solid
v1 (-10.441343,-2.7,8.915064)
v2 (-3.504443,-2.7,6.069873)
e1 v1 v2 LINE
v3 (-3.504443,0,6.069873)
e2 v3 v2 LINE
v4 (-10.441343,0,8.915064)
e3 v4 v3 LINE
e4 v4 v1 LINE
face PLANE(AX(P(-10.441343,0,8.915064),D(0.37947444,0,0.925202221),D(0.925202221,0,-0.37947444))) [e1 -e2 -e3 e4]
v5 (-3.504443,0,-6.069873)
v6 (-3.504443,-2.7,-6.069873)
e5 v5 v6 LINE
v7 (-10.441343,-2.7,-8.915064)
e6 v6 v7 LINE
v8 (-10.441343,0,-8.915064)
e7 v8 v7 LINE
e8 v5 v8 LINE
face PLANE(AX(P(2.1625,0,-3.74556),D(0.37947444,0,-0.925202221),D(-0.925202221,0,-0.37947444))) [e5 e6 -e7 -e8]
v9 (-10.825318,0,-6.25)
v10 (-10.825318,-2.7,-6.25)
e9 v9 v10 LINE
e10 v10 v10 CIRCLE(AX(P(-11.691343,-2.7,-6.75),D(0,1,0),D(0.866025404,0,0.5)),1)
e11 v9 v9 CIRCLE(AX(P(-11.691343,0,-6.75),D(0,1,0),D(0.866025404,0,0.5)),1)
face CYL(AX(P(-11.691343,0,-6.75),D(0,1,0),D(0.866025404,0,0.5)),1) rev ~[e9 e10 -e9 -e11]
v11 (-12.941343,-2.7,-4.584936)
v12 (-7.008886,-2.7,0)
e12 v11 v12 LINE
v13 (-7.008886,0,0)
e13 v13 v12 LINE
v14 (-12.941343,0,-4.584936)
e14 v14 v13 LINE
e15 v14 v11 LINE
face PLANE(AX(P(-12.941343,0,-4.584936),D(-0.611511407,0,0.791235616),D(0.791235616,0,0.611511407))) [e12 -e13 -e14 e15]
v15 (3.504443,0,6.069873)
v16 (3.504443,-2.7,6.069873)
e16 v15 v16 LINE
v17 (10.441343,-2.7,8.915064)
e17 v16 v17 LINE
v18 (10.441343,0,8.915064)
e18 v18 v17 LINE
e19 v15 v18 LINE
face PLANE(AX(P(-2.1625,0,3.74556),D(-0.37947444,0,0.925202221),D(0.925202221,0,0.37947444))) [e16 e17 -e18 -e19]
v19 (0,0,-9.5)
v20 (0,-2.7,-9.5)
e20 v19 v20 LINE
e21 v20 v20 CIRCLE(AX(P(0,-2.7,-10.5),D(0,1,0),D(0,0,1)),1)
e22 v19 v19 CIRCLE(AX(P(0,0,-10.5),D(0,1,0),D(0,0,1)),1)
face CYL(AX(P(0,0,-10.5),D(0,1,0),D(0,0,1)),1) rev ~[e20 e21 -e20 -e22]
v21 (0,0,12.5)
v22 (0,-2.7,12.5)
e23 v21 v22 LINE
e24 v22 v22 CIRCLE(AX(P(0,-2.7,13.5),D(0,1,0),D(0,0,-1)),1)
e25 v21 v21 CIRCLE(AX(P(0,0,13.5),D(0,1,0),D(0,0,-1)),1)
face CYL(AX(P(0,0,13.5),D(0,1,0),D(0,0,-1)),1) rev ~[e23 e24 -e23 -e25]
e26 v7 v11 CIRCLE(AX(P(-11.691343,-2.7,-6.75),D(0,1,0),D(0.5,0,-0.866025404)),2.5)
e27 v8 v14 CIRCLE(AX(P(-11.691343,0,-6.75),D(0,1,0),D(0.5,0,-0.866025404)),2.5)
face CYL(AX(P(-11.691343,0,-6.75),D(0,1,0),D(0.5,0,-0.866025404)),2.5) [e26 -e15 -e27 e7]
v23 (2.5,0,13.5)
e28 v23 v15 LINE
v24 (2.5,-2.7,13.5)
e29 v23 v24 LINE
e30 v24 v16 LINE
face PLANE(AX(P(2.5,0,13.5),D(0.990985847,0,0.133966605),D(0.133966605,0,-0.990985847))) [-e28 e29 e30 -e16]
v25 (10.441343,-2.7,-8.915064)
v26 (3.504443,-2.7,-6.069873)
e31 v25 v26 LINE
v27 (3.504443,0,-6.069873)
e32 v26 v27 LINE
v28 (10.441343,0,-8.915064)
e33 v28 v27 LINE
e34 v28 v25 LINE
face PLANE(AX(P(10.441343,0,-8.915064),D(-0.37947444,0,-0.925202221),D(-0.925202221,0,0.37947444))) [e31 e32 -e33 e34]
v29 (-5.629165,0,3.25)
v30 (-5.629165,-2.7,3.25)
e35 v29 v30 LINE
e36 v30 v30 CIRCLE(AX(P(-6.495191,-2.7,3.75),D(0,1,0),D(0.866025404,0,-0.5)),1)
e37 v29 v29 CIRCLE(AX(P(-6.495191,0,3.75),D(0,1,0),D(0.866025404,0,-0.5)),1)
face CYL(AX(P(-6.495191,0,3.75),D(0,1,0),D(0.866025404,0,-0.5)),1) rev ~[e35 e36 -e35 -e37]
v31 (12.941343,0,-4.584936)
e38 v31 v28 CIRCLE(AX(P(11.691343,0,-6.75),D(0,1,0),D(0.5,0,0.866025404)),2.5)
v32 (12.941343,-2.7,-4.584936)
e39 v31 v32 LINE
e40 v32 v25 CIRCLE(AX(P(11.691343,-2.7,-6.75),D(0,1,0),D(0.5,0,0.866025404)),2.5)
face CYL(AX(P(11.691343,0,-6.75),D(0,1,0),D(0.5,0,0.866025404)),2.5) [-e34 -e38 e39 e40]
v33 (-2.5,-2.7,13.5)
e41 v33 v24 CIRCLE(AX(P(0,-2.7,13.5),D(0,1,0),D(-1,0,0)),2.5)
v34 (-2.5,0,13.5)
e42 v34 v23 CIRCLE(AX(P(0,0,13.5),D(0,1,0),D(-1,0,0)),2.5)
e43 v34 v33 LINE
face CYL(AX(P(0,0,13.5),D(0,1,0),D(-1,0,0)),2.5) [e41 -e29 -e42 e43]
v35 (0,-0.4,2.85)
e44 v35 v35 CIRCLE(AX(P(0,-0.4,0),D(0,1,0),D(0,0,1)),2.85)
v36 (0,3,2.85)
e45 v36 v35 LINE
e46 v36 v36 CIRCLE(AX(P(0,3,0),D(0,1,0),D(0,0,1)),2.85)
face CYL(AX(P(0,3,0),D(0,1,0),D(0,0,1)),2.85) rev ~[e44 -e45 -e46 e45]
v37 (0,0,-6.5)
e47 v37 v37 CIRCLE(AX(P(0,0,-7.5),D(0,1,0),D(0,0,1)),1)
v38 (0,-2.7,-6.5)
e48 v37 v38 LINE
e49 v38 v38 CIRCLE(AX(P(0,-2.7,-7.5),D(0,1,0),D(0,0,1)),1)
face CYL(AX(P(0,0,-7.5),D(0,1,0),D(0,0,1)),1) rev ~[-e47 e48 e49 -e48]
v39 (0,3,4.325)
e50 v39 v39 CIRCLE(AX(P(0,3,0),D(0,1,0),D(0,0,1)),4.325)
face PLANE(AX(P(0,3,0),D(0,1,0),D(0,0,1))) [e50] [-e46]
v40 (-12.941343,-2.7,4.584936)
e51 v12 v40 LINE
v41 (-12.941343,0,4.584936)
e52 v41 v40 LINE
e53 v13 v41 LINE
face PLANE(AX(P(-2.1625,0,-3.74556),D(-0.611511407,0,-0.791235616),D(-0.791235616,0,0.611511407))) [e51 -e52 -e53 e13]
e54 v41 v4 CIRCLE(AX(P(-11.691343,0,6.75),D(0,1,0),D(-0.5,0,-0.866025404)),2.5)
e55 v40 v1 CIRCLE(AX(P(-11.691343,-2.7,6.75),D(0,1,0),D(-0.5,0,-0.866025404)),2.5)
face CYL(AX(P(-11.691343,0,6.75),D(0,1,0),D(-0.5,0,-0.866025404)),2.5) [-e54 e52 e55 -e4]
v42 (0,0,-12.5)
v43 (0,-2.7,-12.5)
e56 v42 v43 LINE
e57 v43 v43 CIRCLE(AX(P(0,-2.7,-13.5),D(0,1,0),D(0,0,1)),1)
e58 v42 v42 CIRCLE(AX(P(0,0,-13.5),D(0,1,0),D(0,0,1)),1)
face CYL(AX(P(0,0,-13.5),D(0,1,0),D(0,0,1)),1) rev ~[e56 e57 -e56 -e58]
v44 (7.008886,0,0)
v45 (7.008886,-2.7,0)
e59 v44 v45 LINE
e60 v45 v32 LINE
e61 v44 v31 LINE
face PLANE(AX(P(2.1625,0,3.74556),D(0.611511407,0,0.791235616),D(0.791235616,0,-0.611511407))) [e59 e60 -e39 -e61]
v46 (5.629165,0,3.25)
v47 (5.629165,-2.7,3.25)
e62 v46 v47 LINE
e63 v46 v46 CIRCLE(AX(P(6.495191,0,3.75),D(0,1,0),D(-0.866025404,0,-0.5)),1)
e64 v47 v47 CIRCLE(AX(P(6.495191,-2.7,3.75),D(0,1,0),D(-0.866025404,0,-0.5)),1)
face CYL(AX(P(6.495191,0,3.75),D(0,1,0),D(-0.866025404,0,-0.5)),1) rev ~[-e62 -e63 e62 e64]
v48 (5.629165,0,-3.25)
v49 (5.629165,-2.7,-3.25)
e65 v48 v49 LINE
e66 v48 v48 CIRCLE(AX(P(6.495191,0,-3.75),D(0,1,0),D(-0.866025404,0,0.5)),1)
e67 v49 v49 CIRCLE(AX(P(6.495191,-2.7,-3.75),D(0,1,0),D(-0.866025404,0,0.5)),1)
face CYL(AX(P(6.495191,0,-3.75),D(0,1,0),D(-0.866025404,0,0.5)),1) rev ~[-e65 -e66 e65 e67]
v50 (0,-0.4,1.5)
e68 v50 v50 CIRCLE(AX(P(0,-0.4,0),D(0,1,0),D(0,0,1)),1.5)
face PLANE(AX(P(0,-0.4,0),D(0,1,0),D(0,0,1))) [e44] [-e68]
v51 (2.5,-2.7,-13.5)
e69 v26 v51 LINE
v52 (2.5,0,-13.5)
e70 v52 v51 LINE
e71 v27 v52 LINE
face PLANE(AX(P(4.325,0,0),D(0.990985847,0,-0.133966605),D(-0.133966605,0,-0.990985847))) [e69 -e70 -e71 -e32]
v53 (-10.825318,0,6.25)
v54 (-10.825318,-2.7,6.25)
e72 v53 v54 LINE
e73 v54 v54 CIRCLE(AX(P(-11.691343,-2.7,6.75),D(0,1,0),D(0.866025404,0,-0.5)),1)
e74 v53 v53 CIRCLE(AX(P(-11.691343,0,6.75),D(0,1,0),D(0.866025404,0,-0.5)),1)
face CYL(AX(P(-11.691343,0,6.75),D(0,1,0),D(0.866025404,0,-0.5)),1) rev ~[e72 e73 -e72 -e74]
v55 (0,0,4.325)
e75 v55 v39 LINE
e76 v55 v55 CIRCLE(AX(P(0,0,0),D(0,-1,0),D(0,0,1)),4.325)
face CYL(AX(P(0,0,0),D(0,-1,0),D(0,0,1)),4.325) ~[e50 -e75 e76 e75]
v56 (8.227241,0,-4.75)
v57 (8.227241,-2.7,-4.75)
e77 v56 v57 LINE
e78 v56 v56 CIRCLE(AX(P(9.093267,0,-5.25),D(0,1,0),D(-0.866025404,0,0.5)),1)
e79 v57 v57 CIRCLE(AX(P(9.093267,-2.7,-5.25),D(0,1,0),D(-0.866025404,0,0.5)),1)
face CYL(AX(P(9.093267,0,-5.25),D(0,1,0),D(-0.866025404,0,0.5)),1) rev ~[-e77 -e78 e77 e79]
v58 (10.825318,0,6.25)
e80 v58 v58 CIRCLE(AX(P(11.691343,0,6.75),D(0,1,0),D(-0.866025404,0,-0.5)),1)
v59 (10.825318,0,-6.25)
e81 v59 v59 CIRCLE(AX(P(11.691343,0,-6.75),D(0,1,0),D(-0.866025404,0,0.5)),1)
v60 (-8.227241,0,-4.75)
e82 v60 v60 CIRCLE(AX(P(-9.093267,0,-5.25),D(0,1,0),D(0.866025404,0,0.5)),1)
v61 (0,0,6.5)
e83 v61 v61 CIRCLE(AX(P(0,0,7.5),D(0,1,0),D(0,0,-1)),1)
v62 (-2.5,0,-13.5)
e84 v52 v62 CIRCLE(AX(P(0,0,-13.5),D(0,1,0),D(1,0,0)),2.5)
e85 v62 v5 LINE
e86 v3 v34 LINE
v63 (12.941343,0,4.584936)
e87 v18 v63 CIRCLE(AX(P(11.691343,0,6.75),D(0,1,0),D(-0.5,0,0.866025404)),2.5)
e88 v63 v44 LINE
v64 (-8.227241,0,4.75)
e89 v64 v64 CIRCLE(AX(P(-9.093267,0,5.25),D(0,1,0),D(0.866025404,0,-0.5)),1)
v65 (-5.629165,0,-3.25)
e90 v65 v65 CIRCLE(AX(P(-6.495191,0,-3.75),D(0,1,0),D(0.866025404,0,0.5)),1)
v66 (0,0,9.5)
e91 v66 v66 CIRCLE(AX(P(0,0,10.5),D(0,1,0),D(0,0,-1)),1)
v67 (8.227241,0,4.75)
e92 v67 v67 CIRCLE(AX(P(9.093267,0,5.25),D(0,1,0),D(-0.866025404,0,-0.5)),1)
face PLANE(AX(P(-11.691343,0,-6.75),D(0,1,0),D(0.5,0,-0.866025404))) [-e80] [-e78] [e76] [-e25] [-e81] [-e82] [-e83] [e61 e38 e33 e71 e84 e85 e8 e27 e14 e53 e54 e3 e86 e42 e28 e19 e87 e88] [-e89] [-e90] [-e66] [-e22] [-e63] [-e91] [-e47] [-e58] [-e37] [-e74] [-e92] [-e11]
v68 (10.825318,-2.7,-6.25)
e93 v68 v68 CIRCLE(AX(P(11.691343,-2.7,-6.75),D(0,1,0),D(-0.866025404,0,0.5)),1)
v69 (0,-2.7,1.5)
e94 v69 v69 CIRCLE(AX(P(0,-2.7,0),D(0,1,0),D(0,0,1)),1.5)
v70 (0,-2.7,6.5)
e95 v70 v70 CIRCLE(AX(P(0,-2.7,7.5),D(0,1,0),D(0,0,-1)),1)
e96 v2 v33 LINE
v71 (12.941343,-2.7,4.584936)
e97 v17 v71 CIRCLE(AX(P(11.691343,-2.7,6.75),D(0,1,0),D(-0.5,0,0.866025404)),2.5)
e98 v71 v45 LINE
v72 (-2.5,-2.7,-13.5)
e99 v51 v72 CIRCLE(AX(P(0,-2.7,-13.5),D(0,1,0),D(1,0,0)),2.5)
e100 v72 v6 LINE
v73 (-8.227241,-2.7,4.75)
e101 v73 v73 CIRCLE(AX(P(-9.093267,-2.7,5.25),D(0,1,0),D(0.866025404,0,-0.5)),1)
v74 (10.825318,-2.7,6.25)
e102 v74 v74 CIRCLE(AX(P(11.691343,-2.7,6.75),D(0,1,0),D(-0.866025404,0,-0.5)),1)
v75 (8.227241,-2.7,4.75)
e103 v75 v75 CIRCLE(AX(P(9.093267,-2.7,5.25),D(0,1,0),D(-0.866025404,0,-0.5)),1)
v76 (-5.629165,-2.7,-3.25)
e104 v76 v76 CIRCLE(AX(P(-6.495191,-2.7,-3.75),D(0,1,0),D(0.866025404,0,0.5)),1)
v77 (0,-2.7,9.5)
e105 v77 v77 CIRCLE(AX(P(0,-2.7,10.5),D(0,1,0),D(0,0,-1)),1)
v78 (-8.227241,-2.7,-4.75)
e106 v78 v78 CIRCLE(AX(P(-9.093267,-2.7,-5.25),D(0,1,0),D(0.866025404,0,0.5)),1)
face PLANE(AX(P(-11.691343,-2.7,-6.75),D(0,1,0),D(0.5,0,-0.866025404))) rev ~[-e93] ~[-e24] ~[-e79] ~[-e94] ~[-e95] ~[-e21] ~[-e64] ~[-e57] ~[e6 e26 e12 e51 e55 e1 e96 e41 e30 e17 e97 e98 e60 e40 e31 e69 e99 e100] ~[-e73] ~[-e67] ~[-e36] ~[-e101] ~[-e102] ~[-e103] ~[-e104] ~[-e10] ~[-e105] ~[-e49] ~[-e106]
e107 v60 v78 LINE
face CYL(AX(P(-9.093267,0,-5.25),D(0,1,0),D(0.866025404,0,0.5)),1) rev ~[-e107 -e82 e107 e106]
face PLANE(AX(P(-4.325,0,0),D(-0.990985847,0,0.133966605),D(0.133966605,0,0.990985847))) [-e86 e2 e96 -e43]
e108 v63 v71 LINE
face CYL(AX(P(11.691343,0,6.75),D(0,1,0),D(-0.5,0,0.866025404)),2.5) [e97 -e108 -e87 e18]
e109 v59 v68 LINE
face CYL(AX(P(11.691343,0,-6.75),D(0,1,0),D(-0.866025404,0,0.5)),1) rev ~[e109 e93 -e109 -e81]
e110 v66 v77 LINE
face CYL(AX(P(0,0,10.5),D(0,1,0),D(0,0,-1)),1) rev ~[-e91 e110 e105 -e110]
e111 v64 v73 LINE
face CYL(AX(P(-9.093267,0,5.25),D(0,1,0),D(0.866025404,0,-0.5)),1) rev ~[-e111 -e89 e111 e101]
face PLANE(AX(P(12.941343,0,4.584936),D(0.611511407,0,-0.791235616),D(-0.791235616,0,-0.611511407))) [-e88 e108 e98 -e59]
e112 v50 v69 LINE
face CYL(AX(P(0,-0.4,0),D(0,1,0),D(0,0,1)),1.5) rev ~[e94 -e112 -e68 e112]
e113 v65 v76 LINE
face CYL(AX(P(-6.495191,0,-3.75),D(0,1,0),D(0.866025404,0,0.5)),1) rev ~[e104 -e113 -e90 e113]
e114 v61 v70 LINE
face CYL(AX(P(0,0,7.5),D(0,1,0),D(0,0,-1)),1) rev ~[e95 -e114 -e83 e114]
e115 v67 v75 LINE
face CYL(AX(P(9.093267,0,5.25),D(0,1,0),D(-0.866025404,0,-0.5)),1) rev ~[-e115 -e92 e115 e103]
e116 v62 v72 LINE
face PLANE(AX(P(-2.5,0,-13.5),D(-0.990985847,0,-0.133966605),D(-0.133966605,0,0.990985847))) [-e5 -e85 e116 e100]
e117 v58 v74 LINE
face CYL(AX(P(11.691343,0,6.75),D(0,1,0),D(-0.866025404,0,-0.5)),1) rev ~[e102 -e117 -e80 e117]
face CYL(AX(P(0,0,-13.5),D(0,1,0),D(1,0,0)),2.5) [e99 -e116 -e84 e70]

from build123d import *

# Parameters (mm, degrees)
SKETCH1_R                    = 4.325
BOSS_EXTRUDE1_DEPTH          = 3
SKETCH2_R                    = 2.5
BOSS_EXTRUDE2_DEPTH          = 2.7
SKETCH3_R                    = 1
CUT_EXTRUDE1_DEPTH           = 2.7
LPATTERN1_COUNT              = 3
LPATTERN1_PITCH              = 3
CIRPATTERN1_COUNT            = 6
CIRPATTERN1_COPY_1_SKETCH_R  = 1
CIRPATTERN1_COPY_1_DEPTH     = 2.7
CIRPATTERN1_COPY_2_SKETCH_R  = 1
CIRPATTERN1_COPY_2_DEPTH     = 2.7
CIRPATTERN1_COPY_3_SKETCH_R  = 1
CIRPATTERN1_COPY_3_DEPTH     = 2.7
CIRPATTERN1_COPY_4_SKETCH_R  = 1
CIRPATTERN1_COPY_4_DEPTH     = 2.7
CIRPATTERN1_COPY_5_SKETCH_R  = 1
CIRPATTERN1_COPY_5_DEPTH     = 2.7
CIRPATTERN1_COPY_6_SKETCH_R  = 1
CIRPATTERN1_COPY_6_DEPTH     = 2.7
CIRPATTERN1_COPY_7_SKETCH_R  = 1
CIRPATTERN1_COPY_7_DEPTH     = 2.7
CIRPATTERN1_COPY_8_SKETCH_R  = 1
CIRPATTERN1_COPY_8_DEPTH     = 2.7
CIRPATTERN1_COPY_9_SKETCH_R  = 1
CIRPATTERN1_COPY_9_DEPTH     = 2.7
CIRPATTERN1_COPY_10_SKETCH_R = 1
CIRPATTERN1_COPY_10_DEPTH    = 2.7
SKETCH6_R                    = 2.85
CUT_EXTRUDE2_DEPTH           = 3.4
CUT_EXTRUDE3_REACH           = 23.655
SKETCH7_R                    = 1.5


with BuildPart() as part:
    # Sketch1 → Boss-Extrude1 (new body)
    with BuildSketch(Plane(origin=(0, 0, 0), x_dir=(1, 0, 0), z_dir=(0, 1, 0))):
        with Locations(Location((0, 0, 0), (0, 0, 270))):
            Circle(SKETCH1_R)
    extrude(amount=BOSS_EXTRUDE1_DEPTH)

    # Sketch2 → Boss-Extrude2 (add)
    with BuildSketch(Plane(origin=(0, 0, 0), x_dir=(1, 0, 0), z_dir=(0, 1, 0))):
        with Locations((0, 13.5)):
            Circle(SKETCH2_R)
        Polygon((-4.325, 0), (4.325, 0), (2.5, 13.5), (-2.5, 13.5), align=None)
    boss_extrude2 = extrude(amount=-BOSS_EXTRUDE2_DEPTH)

    # Sketch3 → Cut-Extrude1 (cut)
    with BuildSketch(Plane(origin=(0, 0, 0), x_dir=(1, 0, 0), z_dir=(0, 1, 0))):
        with Locations(Location((0, 13.5, 0), (0, 0, 270))):
            Circle(SKETCH3_R)
    cut_extrude1 = extrude(amount=-CUT_EXTRUDE1_DEPTH, mode=Mode.SUBTRACT)

    # LPattern1: Cut-Extrude1 ×3
    with Locations(*[(0, 0, i * LPATTERN1_PITCH) for i in range(1, LPATTERN1_COUNT)]):
        add(cut_extrude1, mode=Mode.SUBTRACT)

    # CirPattern1: Boss-Extrude2, Cut-Extrude1 ×6 about axis
    cirpattern1_axis = Axis((0, 0, 0), (0, 1, 0))
    add([boss_extrude2.rotate(cirpattern1_axis, i * 360 / CIRPATTERN1_COUNT) for i in range(1, CIRPATTERN1_COUNT)])
    add([cut_extrude1.rotate(cirpattern1_axis, i * 360 / CIRPATTERN1_COUNT) for i in range(1, CIRPATTERN1_COUNT)], mode=Mode.SUBTRACT)

    # CirPattern1 copy 1 sketch → CirPattern1 copy 1 (cut)
    with BuildSketch(Plane(origin=(2.598076211, 0, 1.5), x_dir=(0.5000000000000001, 0, -0.8660254037844386), z_dir=(0, 1, 0))):
        with Locations(Location((0, 13.5, 0), (0, 0, 270))):
            Circle(CIRPATTERN1_COPY_1_SKETCH_R)
    extrude(amount=-CIRPATTERN1_COPY_1_DEPTH, mode=Mode.SUBTRACT)

    # CirPattern1 copy 2 sketch → CirPattern1 copy 2 (cut)
    with BuildSketch(Plane(origin=(2.598076211, 0, -1.5), x_dir=(-0.4999999999999998, 0, -0.8660254037844387), z_dir=(0, 1, 0))):
        with Locations(Location((0, 13.5, 0), (0, 0, 270))):
            Circle(CIRPATTERN1_COPY_2_SKETCH_R)
    extrude(amount=-CIRPATTERN1_COPY_2_DEPTH, mode=Mode.SUBTRACT)

    # CirPattern1 copy 3 sketch → CirPattern1 copy 3 (cut)
    with BuildSketch(Plane(origin=(0, 0, -3), x_dir=(-1, 0, 0), z_dir=(0, 1, 0))):
        with Locations(Location((0, 13.5, 0), (0, 0, 270))):
            Circle(CIRPATTERN1_COPY_3_SKETCH_R)
    extrude(amount=-CIRPATTERN1_COPY_3_DEPTH, mode=Mode.SUBTRACT)

    # CirPattern1 copy 4 sketch → CirPattern1 copy 4 (cut)
    with BuildSketch(Plane(origin=(-2.598076211, 0, -1.5), x_dir=(-0.5000000000000004, 0, 0.8660254037844384), z_dir=(0, 1, 0))):
        with Locations(Location((0, 13.5, 0), (0, 0, 270))):
            Circle(CIRPATTERN1_COPY_4_SKETCH_R)
    extrude(amount=-CIRPATTERN1_COPY_4_DEPTH, mode=Mode.SUBTRACT)

    # CirPattern1 copy 5 sketch → CirPattern1 copy 5 (cut)
    with BuildSketch(Plane(origin=(-2.598076211, 0, 1.5), x_dir=(0.5000000000000001, 0, 0.8660254037844386), z_dir=(0, 1, 0))):
        with Locations(Location((0, 13.5, 0), (0, 0, 270))):
            Circle(CIRPATTERN1_COPY_5_SKETCH_R)
    extrude(amount=-CIRPATTERN1_COPY_5_DEPTH, mode=Mode.SUBTRACT)

    # CirPattern1 copy 6 sketch → CirPattern1 copy 6 (cut)
    with BuildSketch(Plane(origin=(5.196152423, 0, 3), x_dir=(0.5000000000000001, 0, -0.8660254037844386), z_dir=(0, 1, 0))):
        with Locations(Location((0, 13.5, 0), (0, 0, 270))):
            Circle(CIRPATTERN1_COPY_6_SKETCH_R)
    extrude(amount=-CIRPATTERN1_COPY_6_DEPTH, mode=Mode.SUBTRACT)

    # CirPattern1 copy 7 sketch → CirPattern1 copy 7 (cut)
    with BuildSketch(Plane(origin=(5.196152423, 0, -3), x_dir=(-0.4999999999999998, 0, -0.8660254037844387), z_dir=(0, 1, 0))):
        with Locations(Location((0, 13.5, 0), (0, 0, 270))):
            Circle(CIRPATTERN1_COPY_7_SKETCH_R)
    extrude(amount=-CIRPATTERN1_COPY_7_DEPTH, mode=Mode.SUBTRACT)

    # CirPattern1 copy 8 sketch → CirPattern1 copy 8 (cut)
    with BuildSketch(Plane(origin=(0, 0, -6), x_dir=(-1, 0, 0), z_dir=(0, 1, 0))):
        with Locations(Location((0, 13.5, 0), (0, 0, 270))):
            Circle(CIRPATTERN1_COPY_8_SKETCH_R)
    extrude(amount=-CIRPATTERN1_COPY_8_DEPTH, mode=Mode.SUBTRACT)

    # CirPattern1 copy 9 sketch → CirPattern1 copy 9 (cut)
    with BuildSketch(Plane(origin=(-5.196152423, 0, -3), x_dir=(-0.5000000000000004, 0, 0.8660254037844384), z_dir=(0, 1, 0))):
        with Locations(Location((0, 13.5, 0), (0, 0, 270))):
            Circle(CIRPATTERN1_COPY_9_SKETCH_R)
    extrude(amount=-CIRPATTERN1_COPY_9_DEPTH, mode=Mode.SUBTRACT)

    # CirPattern1 copy 10 sketch → CirPattern1 copy 10 (cut)
    with BuildSketch(Plane(origin=(-5.196152423, 0, 3), x_dir=(0.5000000000000001, 0, 0.8660254037844386), z_dir=(0, 1, 0))):
        with Locations(Location((0, 13.5, 0), (0, 0, 270))):
            Circle(CIRPATTERN1_COPY_10_SKETCH_R)
    extrude(amount=-CIRPATTERN1_COPY_10_DEPTH, mode=Mode.SUBTRACT)

    # Sketch6 → Cut-Extrude2 (cut)
    with BuildSketch(Plane(origin=(0, 3, 0), x_dir=(1, 0, 0), z_dir=(0, 1, 0))):
        with Locations(Location((0, 0, 0), (0, 0, 270))):
            Circle(SKETCH6_R)
    extrude(amount=-CUT_EXTRUDE2_DEPTH, mode=Mode.SUBTRACT)

    # Sketch7 → Cut-Extrude3 (cut, up to next)
    with BuildSketch(Plane(origin=(0, -0.4, 0), x_dir=(1, 0, 0), z_dir=(0, 1, 0)), mode=Mode.PRIVATE) as cut_extrude3_sk1:
        with Locations(Location((0, 0, 0), (0, 0, 270))):
            Circle(SKETCH7_R)
    cut_extrude3_tool1 = extrude(cut_extrude3_sk1.sketch, amount=-CUT_EXTRUDE3_REACH, mode=Mode.PRIVATE) & part.part
    add(cut_extrude3_tool1.solids().sort_by_distance((0, -0.4, 0))[0], mode=Mode.SUBTRACT)


solid = part.part
